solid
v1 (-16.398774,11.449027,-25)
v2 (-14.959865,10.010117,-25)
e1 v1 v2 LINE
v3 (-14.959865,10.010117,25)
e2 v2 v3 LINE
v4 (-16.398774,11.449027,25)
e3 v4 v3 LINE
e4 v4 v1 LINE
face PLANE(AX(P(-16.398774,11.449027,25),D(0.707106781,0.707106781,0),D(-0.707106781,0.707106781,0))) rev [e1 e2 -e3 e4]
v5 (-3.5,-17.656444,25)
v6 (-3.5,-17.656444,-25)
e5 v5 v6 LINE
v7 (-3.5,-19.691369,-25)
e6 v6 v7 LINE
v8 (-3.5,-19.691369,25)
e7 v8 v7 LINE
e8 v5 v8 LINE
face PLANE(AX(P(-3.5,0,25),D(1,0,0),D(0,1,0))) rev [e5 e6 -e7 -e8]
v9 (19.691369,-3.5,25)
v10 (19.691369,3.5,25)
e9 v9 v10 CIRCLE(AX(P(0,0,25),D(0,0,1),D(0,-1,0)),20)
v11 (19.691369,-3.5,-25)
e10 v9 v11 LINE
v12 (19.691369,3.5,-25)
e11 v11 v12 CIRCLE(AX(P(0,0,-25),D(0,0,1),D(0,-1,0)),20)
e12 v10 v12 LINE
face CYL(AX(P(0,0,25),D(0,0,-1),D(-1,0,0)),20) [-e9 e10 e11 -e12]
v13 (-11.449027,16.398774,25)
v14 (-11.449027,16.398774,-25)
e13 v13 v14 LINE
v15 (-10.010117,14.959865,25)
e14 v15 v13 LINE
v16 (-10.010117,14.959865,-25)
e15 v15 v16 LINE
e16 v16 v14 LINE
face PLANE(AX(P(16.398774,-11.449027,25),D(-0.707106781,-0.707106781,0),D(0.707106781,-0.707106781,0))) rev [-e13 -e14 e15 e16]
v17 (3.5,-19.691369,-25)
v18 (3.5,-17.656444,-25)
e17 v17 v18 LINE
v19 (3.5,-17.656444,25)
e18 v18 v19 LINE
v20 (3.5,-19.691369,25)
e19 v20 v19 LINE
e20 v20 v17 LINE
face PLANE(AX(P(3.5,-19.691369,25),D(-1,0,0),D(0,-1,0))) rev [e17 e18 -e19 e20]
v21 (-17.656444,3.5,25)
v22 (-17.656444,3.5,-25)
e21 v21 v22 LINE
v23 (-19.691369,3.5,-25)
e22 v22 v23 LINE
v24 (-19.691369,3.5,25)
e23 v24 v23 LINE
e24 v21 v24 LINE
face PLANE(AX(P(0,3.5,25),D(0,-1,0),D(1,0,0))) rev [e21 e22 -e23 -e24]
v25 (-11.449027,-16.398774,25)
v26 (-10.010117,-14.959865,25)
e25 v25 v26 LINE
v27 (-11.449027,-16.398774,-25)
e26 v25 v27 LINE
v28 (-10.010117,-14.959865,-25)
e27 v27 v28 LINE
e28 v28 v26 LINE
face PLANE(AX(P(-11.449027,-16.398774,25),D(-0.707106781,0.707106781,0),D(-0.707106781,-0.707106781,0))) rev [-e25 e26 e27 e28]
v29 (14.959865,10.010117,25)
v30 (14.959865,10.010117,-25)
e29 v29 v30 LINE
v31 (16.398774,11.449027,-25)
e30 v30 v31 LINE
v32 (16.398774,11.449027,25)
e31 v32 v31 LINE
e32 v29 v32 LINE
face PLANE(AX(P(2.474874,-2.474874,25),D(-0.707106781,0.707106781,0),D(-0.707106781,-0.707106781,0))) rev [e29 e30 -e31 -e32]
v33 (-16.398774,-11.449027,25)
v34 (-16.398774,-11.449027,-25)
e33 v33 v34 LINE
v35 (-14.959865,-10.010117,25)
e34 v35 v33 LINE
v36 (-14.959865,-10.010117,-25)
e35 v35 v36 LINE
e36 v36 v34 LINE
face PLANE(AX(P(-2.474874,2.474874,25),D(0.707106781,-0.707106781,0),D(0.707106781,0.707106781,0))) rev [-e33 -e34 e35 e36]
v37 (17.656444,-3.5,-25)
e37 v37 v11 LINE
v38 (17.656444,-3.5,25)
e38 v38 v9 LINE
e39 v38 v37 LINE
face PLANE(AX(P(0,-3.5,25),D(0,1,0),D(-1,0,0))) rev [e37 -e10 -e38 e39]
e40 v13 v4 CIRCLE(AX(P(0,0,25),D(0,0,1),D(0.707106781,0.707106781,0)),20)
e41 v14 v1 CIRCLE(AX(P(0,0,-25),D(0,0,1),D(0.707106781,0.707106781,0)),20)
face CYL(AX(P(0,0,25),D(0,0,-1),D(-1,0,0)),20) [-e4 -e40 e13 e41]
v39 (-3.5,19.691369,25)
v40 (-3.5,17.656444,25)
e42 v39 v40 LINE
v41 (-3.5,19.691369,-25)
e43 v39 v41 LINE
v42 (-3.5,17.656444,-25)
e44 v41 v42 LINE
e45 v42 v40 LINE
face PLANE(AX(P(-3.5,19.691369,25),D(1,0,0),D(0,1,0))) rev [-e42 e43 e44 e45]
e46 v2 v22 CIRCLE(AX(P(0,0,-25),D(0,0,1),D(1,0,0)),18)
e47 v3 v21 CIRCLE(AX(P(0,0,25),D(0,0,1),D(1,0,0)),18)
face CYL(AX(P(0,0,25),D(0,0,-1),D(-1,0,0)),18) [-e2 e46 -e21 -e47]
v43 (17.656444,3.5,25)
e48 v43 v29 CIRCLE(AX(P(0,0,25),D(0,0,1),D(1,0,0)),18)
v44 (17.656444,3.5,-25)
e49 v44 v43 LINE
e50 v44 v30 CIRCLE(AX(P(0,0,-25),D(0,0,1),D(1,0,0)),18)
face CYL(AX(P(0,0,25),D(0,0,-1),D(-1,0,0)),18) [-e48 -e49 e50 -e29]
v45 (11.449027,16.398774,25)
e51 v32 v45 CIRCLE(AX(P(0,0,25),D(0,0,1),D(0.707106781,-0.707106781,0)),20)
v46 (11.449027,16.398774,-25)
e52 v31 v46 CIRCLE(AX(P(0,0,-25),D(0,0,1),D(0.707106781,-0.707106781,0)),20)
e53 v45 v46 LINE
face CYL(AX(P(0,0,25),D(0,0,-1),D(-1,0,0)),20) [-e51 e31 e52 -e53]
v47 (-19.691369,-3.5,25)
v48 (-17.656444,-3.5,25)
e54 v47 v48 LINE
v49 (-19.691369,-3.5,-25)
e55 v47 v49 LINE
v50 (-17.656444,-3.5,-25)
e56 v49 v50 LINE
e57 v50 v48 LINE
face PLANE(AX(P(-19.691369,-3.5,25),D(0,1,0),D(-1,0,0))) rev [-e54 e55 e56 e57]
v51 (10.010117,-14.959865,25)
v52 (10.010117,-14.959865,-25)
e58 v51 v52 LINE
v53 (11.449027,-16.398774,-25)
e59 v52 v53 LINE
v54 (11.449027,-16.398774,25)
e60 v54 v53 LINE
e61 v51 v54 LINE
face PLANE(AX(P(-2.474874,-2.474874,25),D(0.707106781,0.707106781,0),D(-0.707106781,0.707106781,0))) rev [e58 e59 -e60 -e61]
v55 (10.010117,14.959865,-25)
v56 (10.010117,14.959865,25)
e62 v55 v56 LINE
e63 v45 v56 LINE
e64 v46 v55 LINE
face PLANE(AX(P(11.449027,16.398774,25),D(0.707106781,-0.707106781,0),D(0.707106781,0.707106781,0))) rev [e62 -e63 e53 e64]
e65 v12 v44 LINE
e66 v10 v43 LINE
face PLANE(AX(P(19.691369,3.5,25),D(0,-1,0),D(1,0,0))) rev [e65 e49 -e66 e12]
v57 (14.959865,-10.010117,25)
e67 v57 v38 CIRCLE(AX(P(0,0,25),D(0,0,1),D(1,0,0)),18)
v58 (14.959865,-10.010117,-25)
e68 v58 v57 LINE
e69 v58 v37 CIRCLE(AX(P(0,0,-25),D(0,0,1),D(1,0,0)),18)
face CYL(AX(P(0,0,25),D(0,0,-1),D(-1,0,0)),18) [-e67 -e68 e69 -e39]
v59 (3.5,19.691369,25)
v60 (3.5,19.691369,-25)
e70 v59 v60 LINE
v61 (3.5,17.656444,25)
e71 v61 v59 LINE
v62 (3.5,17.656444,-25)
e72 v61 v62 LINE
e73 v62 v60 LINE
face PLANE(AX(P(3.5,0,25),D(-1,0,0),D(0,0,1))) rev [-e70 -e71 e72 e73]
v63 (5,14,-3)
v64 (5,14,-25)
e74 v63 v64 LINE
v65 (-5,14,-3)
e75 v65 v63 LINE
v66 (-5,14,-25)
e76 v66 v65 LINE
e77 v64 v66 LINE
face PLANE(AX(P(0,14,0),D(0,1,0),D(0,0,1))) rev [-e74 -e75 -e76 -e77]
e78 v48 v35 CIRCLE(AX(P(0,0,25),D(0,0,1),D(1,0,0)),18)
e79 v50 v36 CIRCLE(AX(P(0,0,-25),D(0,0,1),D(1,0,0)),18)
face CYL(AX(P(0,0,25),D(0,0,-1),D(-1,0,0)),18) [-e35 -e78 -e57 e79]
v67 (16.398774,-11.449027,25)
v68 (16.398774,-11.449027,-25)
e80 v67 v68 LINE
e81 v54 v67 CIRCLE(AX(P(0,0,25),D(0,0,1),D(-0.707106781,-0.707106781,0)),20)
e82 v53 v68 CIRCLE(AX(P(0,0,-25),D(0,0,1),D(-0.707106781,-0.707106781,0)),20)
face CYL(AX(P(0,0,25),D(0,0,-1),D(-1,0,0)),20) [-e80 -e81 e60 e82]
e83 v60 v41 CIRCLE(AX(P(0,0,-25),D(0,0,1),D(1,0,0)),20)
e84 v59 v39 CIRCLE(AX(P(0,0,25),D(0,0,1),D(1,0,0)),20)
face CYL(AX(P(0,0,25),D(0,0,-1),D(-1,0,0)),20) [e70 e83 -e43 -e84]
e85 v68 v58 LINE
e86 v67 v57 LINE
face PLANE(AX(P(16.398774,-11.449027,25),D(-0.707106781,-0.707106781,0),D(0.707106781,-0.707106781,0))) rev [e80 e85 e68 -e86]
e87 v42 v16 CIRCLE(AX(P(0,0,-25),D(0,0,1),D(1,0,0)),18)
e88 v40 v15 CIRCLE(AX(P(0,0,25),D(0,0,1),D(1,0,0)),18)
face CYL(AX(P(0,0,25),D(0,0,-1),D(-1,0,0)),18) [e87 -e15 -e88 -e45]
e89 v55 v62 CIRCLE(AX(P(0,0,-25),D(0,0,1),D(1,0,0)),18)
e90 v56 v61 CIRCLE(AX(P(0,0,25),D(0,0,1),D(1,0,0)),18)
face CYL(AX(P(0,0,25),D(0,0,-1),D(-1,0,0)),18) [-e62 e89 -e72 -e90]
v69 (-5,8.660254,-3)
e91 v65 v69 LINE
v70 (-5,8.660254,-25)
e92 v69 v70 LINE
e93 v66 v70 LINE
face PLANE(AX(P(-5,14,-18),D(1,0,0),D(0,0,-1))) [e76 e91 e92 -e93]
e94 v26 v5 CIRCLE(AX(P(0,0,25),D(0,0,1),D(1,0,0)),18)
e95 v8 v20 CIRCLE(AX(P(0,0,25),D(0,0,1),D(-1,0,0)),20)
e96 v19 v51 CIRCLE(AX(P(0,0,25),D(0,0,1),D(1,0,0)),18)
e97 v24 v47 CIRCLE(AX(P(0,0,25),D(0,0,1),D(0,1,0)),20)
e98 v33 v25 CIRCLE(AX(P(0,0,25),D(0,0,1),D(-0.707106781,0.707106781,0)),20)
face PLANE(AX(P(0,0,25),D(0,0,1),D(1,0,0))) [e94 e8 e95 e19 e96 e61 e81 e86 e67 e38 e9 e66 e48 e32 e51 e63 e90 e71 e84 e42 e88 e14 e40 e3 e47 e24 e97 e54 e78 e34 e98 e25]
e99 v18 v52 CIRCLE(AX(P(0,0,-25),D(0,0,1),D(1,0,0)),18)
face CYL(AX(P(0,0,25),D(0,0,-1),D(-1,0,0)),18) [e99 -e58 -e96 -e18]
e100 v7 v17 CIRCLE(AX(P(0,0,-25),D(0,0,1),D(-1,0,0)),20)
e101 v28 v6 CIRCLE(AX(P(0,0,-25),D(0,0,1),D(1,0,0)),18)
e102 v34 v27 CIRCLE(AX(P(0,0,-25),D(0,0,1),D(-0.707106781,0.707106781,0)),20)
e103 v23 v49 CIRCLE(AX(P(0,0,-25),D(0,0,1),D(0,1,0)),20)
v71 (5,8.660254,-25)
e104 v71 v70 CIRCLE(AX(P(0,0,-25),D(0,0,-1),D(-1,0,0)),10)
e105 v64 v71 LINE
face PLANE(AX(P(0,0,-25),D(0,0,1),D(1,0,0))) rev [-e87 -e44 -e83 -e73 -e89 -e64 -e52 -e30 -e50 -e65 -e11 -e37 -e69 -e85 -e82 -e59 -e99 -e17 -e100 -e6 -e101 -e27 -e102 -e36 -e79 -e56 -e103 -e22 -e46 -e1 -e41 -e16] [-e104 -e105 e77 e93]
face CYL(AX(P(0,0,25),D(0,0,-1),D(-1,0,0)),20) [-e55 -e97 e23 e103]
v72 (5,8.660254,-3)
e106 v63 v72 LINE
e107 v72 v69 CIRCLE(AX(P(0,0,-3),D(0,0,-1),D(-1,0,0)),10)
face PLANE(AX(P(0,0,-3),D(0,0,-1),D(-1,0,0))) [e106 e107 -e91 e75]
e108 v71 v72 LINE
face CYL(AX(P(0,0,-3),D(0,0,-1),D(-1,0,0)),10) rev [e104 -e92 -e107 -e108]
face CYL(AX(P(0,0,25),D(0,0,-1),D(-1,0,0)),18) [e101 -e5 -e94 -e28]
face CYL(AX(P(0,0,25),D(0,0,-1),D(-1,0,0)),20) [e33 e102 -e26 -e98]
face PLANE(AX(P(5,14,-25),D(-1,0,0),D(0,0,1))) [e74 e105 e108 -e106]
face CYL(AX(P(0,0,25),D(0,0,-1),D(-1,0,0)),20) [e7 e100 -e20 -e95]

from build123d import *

# Parameters (mm, degrees)
SKETCH1_R           = 18
BASEKEY_DEPTH       = 25
RECTANGLE_DEPTH     = 25
RECTANGLEPAT_COUNT  = 8
SKETCH_1_R          = 10
CUT_EXTRUDE_1_DEPTH = 22
CUT_EXTRUDE_2_DEPTH = 14


with BuildPart() as part:
    # Sketch1 → BaseKey (new, symmetric)
    with BuildSketch(Plane.XY):
        Circle(SKETCH1_R)
    extrude(amount=BASEKEY_DEPTH, both=True)

    # Sketch2 → Rectangle (add, symmetric)
    with BuildSketch(Plane.XY):
        with BuildLine():
            Line((-3.5, 19.691368668), (-3.5, 0))
            Line((-3.5, 0), (3.5, 0))
            Line((3.5, 0), (3.5, 19.691368668))
            ThreePointArc((3.5, 19.691368668), (0, 20), (-3.5, 19.691368668))
        make_face()
    rectangle = extrude(amount=RECTANGLE_DEPTH, both=True)

    # RectanglePat: Rectangle ×8 about axis
    rectanglepat_axis = Axis((0, 0, 0), (0, 0, 1))
    for i in range(1, RECTANGLEPAT_COUNT):
        add(rectangle.rotate(rectanglepat_axis, i * 360 / RECTANGLEPAT_COUNT))

    # 草图1 → 切除-拉伸1 (cut)
    with BuildSketch(Plane(origin=(0, 0, -25), x_dir=(-1, 0, 0), z_dir=(0, 0, -1))):
        Circle(SKETCH_1_R)
    extrude(amount=-CUT_EXTRUDE_1_DEPTH, mode=Mode.SUBTRACT)

    # 草图3 → 切除-拉伸2 (cut)
    with BuildSketch(Plane(origin=(0, 0, 0), x_dir=(1, 0, 0), z_dir=(0, 1, 0))):
        Polygon((5, 25), (-5, 25), (-5, 18), (-5, 3), (5, 3), (5, 18), align=None)
    extrude(amount=CUT_EXTRUDE_2_DEPTH, mode=Mode.SUBTRACT)


solid = part.part
